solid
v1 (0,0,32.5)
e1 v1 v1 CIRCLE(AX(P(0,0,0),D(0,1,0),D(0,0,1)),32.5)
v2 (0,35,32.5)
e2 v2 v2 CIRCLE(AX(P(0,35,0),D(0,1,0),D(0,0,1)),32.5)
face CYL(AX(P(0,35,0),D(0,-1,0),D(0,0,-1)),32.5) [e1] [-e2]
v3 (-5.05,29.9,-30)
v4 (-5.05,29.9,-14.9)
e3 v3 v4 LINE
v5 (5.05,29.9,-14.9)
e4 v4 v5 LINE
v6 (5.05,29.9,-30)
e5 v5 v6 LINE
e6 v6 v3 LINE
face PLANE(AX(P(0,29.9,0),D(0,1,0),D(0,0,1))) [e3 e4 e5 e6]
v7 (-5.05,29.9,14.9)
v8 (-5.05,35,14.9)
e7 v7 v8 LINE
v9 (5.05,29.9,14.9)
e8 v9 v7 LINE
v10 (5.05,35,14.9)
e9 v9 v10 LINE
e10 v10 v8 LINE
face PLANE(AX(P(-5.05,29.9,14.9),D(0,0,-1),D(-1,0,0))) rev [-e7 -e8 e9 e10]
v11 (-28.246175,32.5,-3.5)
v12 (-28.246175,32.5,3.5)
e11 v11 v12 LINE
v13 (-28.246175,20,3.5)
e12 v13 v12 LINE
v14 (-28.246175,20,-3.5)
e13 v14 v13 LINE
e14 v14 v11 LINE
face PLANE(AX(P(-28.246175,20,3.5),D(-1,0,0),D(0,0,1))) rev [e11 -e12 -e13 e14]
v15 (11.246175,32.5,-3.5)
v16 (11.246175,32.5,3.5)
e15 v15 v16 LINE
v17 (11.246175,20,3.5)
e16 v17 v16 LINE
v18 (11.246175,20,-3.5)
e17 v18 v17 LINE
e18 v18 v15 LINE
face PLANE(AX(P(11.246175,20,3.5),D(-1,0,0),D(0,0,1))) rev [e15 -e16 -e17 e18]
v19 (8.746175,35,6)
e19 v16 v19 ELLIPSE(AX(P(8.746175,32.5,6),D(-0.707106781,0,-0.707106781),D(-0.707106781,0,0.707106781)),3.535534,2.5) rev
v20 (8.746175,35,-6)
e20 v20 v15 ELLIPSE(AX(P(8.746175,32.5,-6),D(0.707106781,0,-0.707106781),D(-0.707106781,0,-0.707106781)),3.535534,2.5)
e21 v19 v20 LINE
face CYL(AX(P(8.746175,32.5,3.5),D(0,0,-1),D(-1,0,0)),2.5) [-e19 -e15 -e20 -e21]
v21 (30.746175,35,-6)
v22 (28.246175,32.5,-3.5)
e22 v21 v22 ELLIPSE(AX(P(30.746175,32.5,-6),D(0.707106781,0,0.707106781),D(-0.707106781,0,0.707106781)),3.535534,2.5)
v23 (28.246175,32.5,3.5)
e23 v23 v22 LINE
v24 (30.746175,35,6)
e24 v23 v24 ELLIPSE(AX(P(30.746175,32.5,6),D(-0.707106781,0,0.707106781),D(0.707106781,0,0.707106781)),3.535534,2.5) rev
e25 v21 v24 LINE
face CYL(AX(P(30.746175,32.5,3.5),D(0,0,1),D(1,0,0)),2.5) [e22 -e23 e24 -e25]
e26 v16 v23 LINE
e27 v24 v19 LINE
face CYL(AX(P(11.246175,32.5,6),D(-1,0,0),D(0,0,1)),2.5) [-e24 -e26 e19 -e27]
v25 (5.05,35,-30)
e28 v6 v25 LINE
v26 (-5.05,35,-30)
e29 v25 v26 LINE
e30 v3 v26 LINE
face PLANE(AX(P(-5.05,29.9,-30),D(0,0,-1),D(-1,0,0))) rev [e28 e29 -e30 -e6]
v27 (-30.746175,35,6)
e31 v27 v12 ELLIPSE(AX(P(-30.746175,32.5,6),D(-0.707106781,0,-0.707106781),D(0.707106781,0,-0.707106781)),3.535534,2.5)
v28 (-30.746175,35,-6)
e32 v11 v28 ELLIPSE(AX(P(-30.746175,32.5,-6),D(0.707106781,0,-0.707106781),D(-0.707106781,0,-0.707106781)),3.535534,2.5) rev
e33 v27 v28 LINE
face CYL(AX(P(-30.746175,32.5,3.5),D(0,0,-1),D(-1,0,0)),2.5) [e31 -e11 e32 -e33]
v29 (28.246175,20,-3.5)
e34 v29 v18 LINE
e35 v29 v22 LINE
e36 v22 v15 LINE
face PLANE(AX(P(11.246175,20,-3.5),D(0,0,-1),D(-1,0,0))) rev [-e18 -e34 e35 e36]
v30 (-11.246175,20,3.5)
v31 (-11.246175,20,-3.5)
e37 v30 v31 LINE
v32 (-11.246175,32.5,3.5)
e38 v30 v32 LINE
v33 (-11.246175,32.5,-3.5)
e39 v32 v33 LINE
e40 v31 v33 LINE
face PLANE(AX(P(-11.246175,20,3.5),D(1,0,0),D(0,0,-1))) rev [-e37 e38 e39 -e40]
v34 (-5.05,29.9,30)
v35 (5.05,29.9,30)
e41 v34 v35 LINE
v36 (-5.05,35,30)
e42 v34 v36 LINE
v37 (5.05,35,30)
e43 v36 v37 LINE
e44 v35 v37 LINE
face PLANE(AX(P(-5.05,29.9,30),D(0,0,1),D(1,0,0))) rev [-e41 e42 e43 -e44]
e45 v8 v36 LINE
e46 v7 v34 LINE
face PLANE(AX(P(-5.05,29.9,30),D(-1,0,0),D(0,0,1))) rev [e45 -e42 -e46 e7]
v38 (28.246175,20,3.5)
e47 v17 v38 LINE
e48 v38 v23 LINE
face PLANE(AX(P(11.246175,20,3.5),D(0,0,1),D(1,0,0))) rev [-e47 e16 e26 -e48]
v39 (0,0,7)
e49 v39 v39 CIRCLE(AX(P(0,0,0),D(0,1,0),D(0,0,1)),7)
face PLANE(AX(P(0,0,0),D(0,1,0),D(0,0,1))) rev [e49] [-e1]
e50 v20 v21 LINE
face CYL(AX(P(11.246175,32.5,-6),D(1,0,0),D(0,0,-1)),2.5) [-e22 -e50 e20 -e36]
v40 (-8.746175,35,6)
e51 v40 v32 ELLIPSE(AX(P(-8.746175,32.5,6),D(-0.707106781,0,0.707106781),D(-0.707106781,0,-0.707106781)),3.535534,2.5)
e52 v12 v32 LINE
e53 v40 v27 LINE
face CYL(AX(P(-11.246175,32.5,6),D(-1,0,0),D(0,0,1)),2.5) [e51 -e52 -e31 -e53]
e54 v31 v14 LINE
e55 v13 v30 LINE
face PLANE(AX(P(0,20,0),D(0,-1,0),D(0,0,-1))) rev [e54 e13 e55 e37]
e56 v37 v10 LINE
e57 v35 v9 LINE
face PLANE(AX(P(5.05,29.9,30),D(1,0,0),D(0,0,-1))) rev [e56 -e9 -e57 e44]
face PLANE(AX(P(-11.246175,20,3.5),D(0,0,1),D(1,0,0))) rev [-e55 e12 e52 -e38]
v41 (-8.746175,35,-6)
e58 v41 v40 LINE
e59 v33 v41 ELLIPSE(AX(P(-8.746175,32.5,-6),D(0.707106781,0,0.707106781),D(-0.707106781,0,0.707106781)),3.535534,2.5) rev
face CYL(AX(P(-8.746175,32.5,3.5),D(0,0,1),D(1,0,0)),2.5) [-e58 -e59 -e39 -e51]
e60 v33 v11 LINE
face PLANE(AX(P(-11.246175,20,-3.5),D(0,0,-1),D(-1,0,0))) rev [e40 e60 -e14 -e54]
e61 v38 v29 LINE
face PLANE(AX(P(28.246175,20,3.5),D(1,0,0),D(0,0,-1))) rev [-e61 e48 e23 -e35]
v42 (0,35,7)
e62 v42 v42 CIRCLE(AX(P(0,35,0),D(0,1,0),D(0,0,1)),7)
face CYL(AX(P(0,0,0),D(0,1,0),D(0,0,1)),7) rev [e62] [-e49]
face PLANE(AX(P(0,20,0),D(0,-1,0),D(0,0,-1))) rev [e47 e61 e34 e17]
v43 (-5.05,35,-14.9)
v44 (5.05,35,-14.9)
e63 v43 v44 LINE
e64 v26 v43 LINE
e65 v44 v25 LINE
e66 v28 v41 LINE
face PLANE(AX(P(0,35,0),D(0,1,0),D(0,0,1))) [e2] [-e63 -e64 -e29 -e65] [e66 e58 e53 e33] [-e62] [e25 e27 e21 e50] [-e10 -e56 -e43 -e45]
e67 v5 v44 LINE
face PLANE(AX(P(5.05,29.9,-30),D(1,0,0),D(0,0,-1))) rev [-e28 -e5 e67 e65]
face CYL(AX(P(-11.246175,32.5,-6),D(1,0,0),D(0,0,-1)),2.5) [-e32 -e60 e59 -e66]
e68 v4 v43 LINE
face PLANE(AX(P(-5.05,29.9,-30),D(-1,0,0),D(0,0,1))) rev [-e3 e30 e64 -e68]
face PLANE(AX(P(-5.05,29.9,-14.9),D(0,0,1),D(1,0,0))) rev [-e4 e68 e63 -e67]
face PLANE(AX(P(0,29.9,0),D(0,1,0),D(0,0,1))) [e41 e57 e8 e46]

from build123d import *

# Parameters (mm, degrees)
SKETCH1_R           = 32.5
BOSS_EXTRUDE1_DEPTH = 35
SKETCH2_W           = 10.1
SKETCH2_H           = 15.1
CUT_EXTRUDE1_DEPTH  = 5.1
SKETCH3_R           = 7
CUT_EXTRUDE2_DEPTH  = 58.771100041
SKETCH4_W           = 17
SKETCH4_H           = 7
CUT_EXTRUDE3_DEPTH  = 15
FILLET1_R           = 2.5


with BuildPart() as part:
    # Sketch1 → Boss-Extrude1 (new body)
    with BuildSketch(Plane(origin=(0, 0, 0), x_dir=(1, 0, 0), z_dir=(0, 1, 0))):
        with Locations(Location((0, 0, 0), (0, 0, 270))):
            Circle(SKETCH1_R)
    extrude(amount=BOSS_EXTRUDE1_DEPTH)

    # Sketch2 → Cut-Extrude1 (cut)
    with BuildSketch(Plane(origin=(0, 35, 0), x_dir=(1, 0, 0), z_dir=(0, 1, 0))):
        with Locations((0, 22.45)):
            Rectangle(SKETCH2_W, SKETCH2_H)
        with Locations((0, -22.45)):
            Rectangle(SKETCH2_W, SKETCH2_H)
    extrude(amount=-CUT_EXTRUDE1_DEPTH, mode=Mode.SUBTRACT)

    # Sketch3 → Cut-Extrude2 (cut, through all)
    with BuildSketch(Plane(origin=(0, 35, 0), x_dir=(1, 0, 0), z_dir=(0, 1, 0))):
        with Locations(Location((0, 0, 0), (0, 0, 270))):
            Circle(SKETCH3_R)
    extrude(amount=-CUT_EXTRUDE2_DEPTH, mode=Mode.SUBTRACT)

    # Sketch4 → Cut-Extrude3 (cut)
    with BuildSketch(Plane(origin=(0, 35, 0), x_dir=(1, 0, 0), z_dir=(0, 1, 0))):
        with Locations((19.746175473, 0)):
            Rectangle(SKETCH4_W, SKETCH4_H)
        with Locations((-19.746175473, 0)):
            Rectangle(SKETCH4_W, SKETCH4_H)
    extrude(amount=-CUT_EXTRUDE3_DEPTH, mode=Mode.SUBTRACT)

    # Fillet1
    fillet1_edges = [part.edges().sort_by_distance(p)[0] for p in [
        (28.246175473, 35, 0),
        (19.746175473, 35, -3.5),
        (11.246175473, 35, 0),
        (19.746175473, 35, 3.5),
        (-19.746175473, 35, 3.5),
        (-11.246175473, 35, 0),
        (-19.746175473, 35, -3.5),
        (-28.246175473, 35, 0),
    ]]
    fillet(fillet1_edges, radius=FILLET1_R)


solid = part.part
